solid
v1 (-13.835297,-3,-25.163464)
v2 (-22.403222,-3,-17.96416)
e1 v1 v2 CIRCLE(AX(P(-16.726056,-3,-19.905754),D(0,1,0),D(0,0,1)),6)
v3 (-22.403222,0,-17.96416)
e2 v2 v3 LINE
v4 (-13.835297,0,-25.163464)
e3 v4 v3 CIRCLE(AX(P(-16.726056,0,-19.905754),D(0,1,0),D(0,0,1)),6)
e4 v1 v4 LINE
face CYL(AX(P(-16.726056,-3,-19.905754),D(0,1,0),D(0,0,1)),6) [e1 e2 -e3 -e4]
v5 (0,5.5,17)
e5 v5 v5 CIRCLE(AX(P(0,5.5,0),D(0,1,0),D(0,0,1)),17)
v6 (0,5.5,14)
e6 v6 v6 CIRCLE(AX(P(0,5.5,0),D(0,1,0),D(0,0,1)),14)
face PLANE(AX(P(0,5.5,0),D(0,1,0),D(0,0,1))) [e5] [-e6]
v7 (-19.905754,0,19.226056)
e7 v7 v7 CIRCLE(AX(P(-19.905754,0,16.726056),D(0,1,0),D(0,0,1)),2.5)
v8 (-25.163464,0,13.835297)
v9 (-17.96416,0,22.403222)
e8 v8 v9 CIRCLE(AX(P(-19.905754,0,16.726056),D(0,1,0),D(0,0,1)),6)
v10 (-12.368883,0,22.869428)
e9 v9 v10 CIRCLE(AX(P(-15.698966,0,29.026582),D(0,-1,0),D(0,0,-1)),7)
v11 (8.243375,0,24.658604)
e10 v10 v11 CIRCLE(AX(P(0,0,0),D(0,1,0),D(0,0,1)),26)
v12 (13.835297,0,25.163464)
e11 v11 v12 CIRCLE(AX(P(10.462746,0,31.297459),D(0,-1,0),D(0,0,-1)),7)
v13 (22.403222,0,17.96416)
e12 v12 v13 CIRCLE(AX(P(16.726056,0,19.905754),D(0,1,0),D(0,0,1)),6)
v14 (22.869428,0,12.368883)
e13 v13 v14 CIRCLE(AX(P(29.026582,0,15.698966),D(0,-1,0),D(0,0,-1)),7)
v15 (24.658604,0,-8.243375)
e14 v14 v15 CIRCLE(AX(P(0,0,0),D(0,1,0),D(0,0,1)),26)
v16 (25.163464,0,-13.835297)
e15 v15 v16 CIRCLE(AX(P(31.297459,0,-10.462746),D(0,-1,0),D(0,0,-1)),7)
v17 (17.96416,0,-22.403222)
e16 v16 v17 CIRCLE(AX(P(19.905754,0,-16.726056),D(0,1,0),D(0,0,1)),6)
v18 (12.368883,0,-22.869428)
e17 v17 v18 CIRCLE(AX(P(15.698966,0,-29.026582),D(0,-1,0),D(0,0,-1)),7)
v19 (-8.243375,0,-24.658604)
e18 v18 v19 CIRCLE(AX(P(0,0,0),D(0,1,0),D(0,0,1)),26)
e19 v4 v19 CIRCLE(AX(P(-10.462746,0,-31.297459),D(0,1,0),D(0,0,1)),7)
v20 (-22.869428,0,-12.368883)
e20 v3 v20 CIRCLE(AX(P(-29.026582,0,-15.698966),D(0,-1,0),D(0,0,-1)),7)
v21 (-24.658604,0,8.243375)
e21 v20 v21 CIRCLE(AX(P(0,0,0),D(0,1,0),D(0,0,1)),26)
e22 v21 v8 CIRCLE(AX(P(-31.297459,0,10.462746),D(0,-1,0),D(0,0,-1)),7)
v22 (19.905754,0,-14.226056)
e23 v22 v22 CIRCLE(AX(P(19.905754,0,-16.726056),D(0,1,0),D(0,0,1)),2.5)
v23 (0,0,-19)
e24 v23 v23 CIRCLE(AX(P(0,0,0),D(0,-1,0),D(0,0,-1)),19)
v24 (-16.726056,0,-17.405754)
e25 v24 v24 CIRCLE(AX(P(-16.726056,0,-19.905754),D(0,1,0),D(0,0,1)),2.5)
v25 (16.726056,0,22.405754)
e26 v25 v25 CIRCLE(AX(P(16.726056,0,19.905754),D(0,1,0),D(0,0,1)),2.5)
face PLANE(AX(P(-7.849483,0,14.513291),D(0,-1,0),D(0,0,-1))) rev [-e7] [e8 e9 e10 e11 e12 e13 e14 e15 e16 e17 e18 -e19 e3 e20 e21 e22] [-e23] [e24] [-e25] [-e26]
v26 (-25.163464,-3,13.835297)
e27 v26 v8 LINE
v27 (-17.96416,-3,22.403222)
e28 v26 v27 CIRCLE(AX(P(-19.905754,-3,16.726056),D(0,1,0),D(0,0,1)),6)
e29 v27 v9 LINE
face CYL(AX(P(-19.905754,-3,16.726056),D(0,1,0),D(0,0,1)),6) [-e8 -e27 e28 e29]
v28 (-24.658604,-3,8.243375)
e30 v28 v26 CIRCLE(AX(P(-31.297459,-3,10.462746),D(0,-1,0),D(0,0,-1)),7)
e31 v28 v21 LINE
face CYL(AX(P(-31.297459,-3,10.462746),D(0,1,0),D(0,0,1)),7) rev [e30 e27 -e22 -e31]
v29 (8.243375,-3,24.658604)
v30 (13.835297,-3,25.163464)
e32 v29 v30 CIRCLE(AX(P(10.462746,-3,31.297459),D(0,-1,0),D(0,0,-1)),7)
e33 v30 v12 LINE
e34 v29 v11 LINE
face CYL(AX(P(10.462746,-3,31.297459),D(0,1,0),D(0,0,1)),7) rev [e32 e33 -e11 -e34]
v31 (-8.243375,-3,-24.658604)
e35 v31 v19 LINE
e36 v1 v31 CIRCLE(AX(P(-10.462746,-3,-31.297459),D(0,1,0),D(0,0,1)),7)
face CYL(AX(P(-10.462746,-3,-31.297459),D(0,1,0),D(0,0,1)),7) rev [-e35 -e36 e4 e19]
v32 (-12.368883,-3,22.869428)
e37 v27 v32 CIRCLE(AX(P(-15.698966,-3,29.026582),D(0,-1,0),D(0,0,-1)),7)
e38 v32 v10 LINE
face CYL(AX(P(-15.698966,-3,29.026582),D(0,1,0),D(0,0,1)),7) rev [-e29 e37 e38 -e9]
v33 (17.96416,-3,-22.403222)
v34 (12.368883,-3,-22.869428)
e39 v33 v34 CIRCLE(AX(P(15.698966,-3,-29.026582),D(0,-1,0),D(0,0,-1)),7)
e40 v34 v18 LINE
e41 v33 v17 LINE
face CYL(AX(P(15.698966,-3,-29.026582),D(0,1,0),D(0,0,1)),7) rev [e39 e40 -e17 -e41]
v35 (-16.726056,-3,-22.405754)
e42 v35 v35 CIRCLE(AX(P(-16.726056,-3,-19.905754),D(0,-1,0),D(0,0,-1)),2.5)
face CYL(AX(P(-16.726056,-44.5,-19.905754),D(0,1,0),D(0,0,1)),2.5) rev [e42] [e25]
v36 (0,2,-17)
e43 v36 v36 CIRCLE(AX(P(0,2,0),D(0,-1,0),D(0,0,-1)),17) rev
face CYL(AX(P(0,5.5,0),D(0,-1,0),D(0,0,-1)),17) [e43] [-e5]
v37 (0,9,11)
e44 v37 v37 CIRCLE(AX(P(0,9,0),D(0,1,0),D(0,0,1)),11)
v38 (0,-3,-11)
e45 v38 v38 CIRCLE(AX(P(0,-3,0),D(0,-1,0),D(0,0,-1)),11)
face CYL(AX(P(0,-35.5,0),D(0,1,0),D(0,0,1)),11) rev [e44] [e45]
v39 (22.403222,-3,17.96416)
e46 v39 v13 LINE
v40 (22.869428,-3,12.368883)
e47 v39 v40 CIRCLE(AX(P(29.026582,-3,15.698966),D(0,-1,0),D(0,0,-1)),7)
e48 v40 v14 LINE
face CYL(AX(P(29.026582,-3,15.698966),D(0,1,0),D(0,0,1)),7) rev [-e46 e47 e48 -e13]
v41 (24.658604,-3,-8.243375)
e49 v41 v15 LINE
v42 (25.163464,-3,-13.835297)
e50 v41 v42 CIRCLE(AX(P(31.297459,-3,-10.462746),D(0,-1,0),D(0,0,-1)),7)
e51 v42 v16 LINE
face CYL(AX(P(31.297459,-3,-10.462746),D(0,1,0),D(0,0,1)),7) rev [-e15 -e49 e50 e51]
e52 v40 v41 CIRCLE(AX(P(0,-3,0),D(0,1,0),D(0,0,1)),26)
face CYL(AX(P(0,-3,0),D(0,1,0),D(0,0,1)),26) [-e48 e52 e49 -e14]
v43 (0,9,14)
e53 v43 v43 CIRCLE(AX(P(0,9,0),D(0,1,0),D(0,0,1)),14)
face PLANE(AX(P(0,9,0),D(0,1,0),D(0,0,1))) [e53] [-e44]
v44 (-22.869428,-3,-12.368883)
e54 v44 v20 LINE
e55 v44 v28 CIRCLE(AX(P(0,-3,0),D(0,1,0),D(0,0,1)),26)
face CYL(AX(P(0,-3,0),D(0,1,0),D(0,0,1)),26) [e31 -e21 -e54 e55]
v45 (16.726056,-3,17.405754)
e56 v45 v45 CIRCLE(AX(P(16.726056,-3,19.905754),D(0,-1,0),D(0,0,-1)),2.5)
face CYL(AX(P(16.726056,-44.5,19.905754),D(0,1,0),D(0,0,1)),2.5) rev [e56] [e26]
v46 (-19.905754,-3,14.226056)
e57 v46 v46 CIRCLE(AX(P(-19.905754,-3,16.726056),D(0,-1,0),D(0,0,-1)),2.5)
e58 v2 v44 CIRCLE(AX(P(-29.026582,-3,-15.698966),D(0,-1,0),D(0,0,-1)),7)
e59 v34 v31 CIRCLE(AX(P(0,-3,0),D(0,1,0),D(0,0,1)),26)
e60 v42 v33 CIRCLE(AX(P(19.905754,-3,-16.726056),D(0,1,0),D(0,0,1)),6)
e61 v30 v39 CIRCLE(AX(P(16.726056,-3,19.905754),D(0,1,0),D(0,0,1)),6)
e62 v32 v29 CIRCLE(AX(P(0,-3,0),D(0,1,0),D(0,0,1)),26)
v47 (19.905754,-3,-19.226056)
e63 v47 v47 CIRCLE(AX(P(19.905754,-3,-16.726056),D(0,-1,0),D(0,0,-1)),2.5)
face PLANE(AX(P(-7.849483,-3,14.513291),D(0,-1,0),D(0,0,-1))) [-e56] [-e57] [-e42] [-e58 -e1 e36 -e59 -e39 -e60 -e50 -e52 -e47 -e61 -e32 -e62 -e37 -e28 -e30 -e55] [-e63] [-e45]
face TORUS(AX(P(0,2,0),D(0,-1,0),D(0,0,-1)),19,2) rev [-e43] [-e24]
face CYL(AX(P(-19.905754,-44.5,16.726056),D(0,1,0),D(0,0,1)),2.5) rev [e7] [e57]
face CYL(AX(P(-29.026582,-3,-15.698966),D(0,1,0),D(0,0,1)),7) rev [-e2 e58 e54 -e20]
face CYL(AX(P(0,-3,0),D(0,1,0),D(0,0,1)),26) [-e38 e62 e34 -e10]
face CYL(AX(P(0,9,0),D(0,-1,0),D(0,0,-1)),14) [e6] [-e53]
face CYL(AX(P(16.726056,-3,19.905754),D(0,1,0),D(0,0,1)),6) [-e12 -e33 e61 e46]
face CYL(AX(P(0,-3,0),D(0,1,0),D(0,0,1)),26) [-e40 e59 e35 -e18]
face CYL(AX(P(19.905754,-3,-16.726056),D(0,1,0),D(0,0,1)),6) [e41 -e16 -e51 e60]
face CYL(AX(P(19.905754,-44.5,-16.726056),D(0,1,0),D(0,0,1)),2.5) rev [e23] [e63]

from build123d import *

# Parameters (mm, degrees)
BOSS_EXTRUDE1_DEPTH = 3
SKETCH2_R           = 17
BOSS_EXTRUDE2_DEPTH = 5.5
SKETCH5_R           = 14
BOSS_EXTRUDE3_DEPTH = 3.5
SKETCH6_R           = 11
CUT_EXTRUDE1_DEPTH  = 44.5
SKETCH7_R           = 2.5
CUT_EXTRUDE2_DEPTH  = 44.5
SKETCH8_R           = 2.5
CUT_EXTRUDE3_DEPTH  = 44.5
SKETCH9_R           = 2.5
CUT_EXTRUDE4_DEPTH  = 44.5
SKETCH10_R          = 2.5
CUT_EXTRUDE5_DEPTH  = 44.5
FILLET23_R          = 2


with BuildPart() as part:
    # Sketch1 → Boss-Extrude1 (new body)
    with BuildSketch(Plane(origin=(0, 0, 0), x_dir=(1, 0, 0), z_dir=(0, 1, 0))):
        with BuildLine():
            ThreePointArc((-12.368882592, -22.86942814), (-2.248386141, -25.902601409), (8.243375366, -24.65860423))
            ThreePointArc((8.243375366, -24.65860423), (11.092172188, -24.325815059), (13.835297391, -25.163464204))
            ThreePointArc((13.835297391, -25.163464204), (20.585915101, -24.499389777), (22.403221797, -17.964159812))
            ThreePointArc((22.403221797, -17.964159812), (22.050754674, -15.117730664), (22.86942814, -12.368882592))
            ThreePointArc((22.86942814, -12.368882592), (25.902601409, -2.248386141), (24.65860423, 8.243375366))
            ThreePointArc((24.65860423, 8.243375366), (24.325815059, 11.092172188), (25.163464204, 13.835297391))
            ThreePointArc((25.163464204, 13.835297391), (24.499389777, 20.585915101), (17.964159812, 22.403221797))
            ThreePointArc((17.964159812, 22.403221797), (15.117730664, 22.050754674), (12.368882592, 22.86942814))
            ThreePointArc((12.368882592, 22.86942814), (2.248386141, 25.902601409), (-8.243375366, 24.65860423))
            ThreePointArc((-8.243375366, 24.65860423), (-11.092172188, 24.325815059), (-13.835297391, 25.163464204))
            ThreePointArc((-13.835297391, 25.163464204), (-20.585915101, 24.499389777), (-22.403221797, 17.964159812))
            ThreePointArc((-22.403221797, 17.964159812), (-22.050754674, 15.117730664), (-22.86942814, 12.368882592))
            ThreePointArc((-22.86942814, 12.368882592), (-25.902601409, 2.248386141), (-24.65860423, -8.243375366))
            ThreePointArc((-24.65860423, -8.243375366), (-24.325815059, -11.092172188), (-25.163464204, -13.835297391))
            ThreePointArc((-25.163464204, -13.835297391), (-24.499389777, -20.585915101), (-17.964159812, -22.403221797))
            ThreePointArc((-17.964159812, -22.403221797), (-15.117730664, -22.050754674), (-12.368882592, -22.86942814))
        make_face()
    extrude(amount=-BOSS_EXTRUDE1_DEPTH)

    # Sketch2 → Boss-Extrude2 (add)
    with BuildSketch(Plane(origin=(0, 0, 0), x_dir=(1, 0, 0), z_dir=(0, 1, 0))):
        with Locations(Location((0, 0, 0), (0, 0, 270))):
            Circle(SKETCH2_R)
    extrude(amount=BOSS_EXTRUDE2_DEPTH)

    # Sketch5 → Boss-Extrude3 (add)
    with BuildSketch(Plane(origin=(0, 5.5, 0), x_dir=(1, 0, 0), z_dir=(0, 1, 0))):
        with Locations(Location((0, 0, 0), (0, 0, 270))):
            Circle(SKETCH5_R)
    extrude(amount=BOSS_EXTRUDE3_DEPTH)

    # Sketch6 → Cut-Extrude1 (cut)
    with BuildSketch(Plane(origin=(0, 9, 0), x_dir=(1, 0, 0), z_dir=(0, 1, 0))):
        with Locations(Location((0, 0, 0), (0, 0, 270))):
            Circle(SKETCH6_R)
    extrude(amount=-CUT_EXTRUDE1_DEPTH, mode=Mode.SUBTRACT)

    # Sketch7 → Cut-Extrude2 (cut)
    with BuildSketch(Plane(origin=(0, 0, 0), x_dir=(1, 0, 0), z_dir=(0, 1, 0))):
        with Locations(Location((-16.72605602, 19.905754194, 0), (0, 0, 270))):
            Circle(SKETCH7_R)
    extrude(amount=-CUT_EXTRUDE2_DEPTH, mode=Mode.SUBTRACT)

    # Sketch8 → Cut-Extrude3 (cut)
    with BuildSketch(Plane(origin=(0, 0, 0), x_dir=(1, 0, 0), z_dir=(0, 1, 0))):
        with Locations(Location((16.72605602, -19.905754194, 0), (0, 0, 270))):
            Circle(SKETCH8_R)
    extrude(amount=-CUT_EXTRUDE3_DEPTH, mode=Mode.SUBTRACT)

    # Sketch9 → Cut-Extrude4 (cut)
    with BuildSketch(Plane(origin=(0, 0, 0), x_dir=(1, 0, 0), z_dir=(0, 1, 0))):
        with Locations(Location((-19.905754194, -16.72605602, 0), (0, 0, 270))):
            Circle(SKETCH9_R)
    extrude(amount=-CUT_EXTRUDE4_DEPTH, mode=Mode.SUBTRACT)

    # Sketch10 → Cut-Extrude5 (cut)
    with BuildSketch(Plane(origin=(0, 0, 0), x_dir=(1, 0, 0), z_dir=(0, 1, 0))):
        with Locations(Location((19.905754194, 16.72605602, 0), (0, 0, 270))):
            Circle(SKETCH10_R)
    extrude(amount=-CUT_EXTRUDE5_DEPTH, mode=Mode.SUBTRACT)

    # Fillet23
    fillet23_edges = [part.edges().sort_by_distance(p)[0] for p in [
        (0, 0, -17),
    ]]
    fillet(fillet23_edges, radius=FILLET23_R)


solid = part.part
